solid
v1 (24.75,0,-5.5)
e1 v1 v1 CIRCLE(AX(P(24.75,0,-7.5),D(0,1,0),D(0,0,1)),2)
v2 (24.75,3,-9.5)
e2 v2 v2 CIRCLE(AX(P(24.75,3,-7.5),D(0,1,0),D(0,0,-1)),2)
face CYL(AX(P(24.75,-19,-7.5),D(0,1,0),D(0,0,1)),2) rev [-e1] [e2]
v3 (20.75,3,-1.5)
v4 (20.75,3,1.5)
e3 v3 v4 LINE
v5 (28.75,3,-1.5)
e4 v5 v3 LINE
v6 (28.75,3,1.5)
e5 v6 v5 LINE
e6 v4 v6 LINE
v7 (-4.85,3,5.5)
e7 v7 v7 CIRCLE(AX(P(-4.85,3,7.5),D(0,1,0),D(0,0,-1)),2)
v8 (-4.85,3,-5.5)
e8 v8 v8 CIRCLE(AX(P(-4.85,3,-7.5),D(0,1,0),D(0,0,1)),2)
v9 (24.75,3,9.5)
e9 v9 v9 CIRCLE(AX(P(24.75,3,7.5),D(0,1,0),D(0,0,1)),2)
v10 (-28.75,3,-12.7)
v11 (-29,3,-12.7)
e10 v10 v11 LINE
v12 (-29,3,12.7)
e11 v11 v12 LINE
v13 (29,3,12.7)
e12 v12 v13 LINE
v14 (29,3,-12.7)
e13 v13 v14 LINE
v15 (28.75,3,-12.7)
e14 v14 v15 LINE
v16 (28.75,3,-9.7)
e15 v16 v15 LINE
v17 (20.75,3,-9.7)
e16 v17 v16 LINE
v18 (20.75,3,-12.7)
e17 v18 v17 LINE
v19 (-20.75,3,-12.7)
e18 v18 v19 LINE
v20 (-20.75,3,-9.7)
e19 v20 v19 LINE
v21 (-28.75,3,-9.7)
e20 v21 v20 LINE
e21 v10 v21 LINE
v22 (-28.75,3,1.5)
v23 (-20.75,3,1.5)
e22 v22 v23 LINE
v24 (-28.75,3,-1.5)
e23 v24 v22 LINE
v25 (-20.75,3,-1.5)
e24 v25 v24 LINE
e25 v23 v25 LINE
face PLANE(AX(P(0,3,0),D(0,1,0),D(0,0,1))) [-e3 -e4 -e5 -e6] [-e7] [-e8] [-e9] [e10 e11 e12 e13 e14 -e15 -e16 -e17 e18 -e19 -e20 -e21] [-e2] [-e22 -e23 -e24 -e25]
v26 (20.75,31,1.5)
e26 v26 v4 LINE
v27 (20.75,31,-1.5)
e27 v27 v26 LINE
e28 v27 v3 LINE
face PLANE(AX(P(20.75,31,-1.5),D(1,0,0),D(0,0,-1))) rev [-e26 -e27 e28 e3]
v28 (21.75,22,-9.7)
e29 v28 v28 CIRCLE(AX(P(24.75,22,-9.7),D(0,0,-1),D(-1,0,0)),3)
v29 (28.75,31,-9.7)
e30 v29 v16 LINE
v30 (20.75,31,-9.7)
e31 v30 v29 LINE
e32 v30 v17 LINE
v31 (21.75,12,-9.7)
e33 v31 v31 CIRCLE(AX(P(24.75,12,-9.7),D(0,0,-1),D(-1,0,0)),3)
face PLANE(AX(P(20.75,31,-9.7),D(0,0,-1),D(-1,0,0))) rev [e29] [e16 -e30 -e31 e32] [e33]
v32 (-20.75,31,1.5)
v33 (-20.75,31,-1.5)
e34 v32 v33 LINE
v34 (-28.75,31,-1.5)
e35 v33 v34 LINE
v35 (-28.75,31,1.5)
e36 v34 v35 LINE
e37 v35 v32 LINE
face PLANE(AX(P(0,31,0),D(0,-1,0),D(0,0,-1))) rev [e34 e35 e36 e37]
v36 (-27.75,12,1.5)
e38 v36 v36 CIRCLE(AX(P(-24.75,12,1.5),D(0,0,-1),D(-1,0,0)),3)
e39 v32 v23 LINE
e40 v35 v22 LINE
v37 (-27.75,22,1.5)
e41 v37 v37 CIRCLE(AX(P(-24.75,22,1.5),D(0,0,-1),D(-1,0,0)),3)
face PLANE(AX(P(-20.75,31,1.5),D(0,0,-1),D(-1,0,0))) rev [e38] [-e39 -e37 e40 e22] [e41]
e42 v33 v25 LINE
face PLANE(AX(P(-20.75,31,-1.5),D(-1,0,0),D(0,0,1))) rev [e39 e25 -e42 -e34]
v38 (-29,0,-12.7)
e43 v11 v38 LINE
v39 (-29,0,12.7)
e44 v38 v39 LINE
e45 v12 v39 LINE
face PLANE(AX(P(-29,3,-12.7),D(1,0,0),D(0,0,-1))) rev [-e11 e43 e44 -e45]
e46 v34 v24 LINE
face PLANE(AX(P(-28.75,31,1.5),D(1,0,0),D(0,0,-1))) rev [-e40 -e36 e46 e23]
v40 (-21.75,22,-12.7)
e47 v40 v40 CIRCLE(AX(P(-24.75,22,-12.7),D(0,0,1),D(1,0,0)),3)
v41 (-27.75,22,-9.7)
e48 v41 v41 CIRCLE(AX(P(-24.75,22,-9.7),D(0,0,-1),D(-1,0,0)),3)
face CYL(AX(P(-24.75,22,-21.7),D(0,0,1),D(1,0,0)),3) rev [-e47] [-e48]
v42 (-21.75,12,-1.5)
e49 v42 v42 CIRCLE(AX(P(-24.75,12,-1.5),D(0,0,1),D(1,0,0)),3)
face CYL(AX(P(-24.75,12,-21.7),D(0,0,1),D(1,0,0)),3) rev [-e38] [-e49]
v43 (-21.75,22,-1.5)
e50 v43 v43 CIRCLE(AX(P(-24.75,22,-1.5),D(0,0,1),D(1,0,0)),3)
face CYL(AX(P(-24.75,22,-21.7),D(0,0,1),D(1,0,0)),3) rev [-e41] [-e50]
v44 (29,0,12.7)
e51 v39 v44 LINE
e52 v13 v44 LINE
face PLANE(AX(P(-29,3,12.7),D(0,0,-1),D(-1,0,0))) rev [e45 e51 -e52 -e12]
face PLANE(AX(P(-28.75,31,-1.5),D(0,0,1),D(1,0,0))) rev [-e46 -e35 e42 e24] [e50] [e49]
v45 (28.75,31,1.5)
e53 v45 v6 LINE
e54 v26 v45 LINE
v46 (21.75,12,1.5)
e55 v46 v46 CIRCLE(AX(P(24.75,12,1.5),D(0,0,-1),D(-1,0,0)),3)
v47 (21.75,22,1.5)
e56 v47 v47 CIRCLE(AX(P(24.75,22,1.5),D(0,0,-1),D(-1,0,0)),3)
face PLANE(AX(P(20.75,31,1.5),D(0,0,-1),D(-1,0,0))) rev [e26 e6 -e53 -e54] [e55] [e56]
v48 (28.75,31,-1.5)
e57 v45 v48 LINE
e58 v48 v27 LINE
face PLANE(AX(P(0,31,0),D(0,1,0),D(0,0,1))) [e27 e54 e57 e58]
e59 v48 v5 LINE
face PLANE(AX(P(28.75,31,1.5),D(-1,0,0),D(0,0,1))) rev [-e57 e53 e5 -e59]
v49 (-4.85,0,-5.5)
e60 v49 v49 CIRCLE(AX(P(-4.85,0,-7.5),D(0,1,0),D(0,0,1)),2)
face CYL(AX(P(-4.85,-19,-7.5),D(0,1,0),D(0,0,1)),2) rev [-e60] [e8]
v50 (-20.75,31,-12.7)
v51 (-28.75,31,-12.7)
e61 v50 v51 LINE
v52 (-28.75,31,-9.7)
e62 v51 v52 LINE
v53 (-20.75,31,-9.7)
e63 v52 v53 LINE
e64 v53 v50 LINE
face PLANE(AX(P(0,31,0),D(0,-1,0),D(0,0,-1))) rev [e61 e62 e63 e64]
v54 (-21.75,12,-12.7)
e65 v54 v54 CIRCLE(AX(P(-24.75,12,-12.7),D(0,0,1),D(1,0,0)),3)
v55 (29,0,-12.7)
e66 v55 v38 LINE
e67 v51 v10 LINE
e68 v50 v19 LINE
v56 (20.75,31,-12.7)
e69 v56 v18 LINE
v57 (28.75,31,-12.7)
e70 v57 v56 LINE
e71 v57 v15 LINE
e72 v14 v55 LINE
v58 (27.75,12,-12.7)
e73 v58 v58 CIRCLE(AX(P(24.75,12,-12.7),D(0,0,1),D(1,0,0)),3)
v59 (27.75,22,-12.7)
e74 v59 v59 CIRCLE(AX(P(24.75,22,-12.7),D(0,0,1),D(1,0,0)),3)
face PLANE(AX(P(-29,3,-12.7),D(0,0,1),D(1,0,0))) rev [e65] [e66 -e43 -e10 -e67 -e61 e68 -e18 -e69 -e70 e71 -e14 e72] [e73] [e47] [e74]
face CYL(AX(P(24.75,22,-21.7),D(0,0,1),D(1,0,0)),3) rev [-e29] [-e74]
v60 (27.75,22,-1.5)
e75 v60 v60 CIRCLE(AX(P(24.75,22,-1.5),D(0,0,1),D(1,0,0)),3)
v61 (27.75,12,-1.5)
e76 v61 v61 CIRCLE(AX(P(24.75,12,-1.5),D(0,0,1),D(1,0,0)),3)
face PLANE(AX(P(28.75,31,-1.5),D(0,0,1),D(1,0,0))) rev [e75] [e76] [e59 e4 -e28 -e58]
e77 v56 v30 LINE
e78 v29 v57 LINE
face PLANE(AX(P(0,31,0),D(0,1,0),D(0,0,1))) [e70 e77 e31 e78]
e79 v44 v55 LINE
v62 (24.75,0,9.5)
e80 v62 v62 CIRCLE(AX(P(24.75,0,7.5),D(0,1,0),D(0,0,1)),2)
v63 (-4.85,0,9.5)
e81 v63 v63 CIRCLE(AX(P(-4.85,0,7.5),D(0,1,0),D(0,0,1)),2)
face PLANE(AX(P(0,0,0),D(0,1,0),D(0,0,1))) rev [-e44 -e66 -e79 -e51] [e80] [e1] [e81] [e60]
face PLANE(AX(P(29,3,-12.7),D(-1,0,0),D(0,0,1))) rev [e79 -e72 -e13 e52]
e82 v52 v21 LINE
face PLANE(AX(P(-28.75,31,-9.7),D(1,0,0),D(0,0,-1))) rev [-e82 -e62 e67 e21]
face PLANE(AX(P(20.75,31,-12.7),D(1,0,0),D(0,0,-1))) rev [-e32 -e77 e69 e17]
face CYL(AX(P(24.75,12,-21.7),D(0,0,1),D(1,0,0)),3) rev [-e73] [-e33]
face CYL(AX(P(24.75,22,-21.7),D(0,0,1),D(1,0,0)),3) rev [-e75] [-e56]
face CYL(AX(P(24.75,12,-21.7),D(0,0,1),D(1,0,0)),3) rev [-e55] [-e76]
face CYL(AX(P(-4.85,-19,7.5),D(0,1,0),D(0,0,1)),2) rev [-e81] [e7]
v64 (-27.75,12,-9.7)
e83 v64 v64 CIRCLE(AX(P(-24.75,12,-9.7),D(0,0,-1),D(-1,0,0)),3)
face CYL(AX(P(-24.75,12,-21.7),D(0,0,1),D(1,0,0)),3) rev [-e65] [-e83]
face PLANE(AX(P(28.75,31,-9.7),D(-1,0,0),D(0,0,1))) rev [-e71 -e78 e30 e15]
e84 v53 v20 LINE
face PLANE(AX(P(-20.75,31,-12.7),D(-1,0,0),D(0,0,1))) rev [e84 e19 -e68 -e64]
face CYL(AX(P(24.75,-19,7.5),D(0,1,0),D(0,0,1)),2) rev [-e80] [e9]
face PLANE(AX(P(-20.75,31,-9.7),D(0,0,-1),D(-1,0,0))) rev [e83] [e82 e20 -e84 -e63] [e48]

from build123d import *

# Parameters (mm, degrees)
SKETCH_1_W          = 58
SKETCH_1_H          = 25.4
EXTRUDE_1_DEPTH     = 3
SKETCH_2_W          = 8
SKETCH_2_H          = 3
EXTRUDE_2_DEPTH     = 28
SKETCH_3_R          = 3
CUT_EXTRUDE_1_DEPTH = 12
SKETCH_4_R          = 2
CUT_EXTRUDE_2_DEPTH = 22


with BuildPart() as part:
    # 草图1 → 凸台-拉伸1 (new body)
    with BuildSketch(Plane(origin=(0, 0, 0), x_dir=(1, 0, 0), z_dir=(0, 1, 0))):
        Rectangle(SKETCH_1_W, SKETCH_1_H)
    extrude(amount=EXTRUDE_1_DEPTH)

    # 草图2 → 凸台-拉伸2 (add)
    with BuildSketch(Plane(origin=(0, 3, 0), x_dir=(1, 0, 0), z_dir=(0, 1, 0))):
        with Locations((-24.75, 11.2)):
            Rectangle(SKETCH_2_W, SKETCH_2_H)
        with Locations((24.75, 11.2)):
            Rectangle(SKETCH_2_W, SKETCH_2_H)
        with Locations((-24.75, 0)):
            Rectangle(SKETCH_2_W, SKETCH_2_H)
        with Locations((24.75, 0)):
            Rectangle(SKETCH_2_W, SKETCH_2_H)
    extrude(amount=EXTRUDE_2_DEPTH)

    # 草图3 → 切除-拉伸1 (cut, symmetric)
    with BuildSketch(Plane.XY.offset(-9.7)):
        with Locations((-24.75, 12)):
            Circle(SKETCH_3_R)
        with Locations((-24.75, 22)):
            Circle(SKETCH_3_R)
        with Locations((24.75, 12)):
            Circle(SKETCH_3_R)
        with Locations((24.75, 22)):
            Circle(SKETCH_3_R)
    extrude(amount=CUT_EXTRUDE_1_DEPTH, both=True, mode=Mode.SUBTRACT)

    # 草图4 → 切除-拉伸2 (cut)
    with BuildSketch(Plane(origin=(0, 3, 0), x_dir=(1, 0, 0), z_dir=(0, 1, 0))):
        with Locations((24.75, -7.5)):
            Circle(SKETCH_4_R)
        with Locations((24.75, 7.5)):
            Circle(SKETCH_4_R)
        with Locations((-4.85, 7.5)):
            Circle(SKETCH_4_R)
        with Locations((-4.85, -7.5)):
            Circle(SKETCH_4_R)
    extrude(amount=-CUT_EXTRUDE_2_DEPTH, mode=Mode.SUBTRACT)


solid = part.part
